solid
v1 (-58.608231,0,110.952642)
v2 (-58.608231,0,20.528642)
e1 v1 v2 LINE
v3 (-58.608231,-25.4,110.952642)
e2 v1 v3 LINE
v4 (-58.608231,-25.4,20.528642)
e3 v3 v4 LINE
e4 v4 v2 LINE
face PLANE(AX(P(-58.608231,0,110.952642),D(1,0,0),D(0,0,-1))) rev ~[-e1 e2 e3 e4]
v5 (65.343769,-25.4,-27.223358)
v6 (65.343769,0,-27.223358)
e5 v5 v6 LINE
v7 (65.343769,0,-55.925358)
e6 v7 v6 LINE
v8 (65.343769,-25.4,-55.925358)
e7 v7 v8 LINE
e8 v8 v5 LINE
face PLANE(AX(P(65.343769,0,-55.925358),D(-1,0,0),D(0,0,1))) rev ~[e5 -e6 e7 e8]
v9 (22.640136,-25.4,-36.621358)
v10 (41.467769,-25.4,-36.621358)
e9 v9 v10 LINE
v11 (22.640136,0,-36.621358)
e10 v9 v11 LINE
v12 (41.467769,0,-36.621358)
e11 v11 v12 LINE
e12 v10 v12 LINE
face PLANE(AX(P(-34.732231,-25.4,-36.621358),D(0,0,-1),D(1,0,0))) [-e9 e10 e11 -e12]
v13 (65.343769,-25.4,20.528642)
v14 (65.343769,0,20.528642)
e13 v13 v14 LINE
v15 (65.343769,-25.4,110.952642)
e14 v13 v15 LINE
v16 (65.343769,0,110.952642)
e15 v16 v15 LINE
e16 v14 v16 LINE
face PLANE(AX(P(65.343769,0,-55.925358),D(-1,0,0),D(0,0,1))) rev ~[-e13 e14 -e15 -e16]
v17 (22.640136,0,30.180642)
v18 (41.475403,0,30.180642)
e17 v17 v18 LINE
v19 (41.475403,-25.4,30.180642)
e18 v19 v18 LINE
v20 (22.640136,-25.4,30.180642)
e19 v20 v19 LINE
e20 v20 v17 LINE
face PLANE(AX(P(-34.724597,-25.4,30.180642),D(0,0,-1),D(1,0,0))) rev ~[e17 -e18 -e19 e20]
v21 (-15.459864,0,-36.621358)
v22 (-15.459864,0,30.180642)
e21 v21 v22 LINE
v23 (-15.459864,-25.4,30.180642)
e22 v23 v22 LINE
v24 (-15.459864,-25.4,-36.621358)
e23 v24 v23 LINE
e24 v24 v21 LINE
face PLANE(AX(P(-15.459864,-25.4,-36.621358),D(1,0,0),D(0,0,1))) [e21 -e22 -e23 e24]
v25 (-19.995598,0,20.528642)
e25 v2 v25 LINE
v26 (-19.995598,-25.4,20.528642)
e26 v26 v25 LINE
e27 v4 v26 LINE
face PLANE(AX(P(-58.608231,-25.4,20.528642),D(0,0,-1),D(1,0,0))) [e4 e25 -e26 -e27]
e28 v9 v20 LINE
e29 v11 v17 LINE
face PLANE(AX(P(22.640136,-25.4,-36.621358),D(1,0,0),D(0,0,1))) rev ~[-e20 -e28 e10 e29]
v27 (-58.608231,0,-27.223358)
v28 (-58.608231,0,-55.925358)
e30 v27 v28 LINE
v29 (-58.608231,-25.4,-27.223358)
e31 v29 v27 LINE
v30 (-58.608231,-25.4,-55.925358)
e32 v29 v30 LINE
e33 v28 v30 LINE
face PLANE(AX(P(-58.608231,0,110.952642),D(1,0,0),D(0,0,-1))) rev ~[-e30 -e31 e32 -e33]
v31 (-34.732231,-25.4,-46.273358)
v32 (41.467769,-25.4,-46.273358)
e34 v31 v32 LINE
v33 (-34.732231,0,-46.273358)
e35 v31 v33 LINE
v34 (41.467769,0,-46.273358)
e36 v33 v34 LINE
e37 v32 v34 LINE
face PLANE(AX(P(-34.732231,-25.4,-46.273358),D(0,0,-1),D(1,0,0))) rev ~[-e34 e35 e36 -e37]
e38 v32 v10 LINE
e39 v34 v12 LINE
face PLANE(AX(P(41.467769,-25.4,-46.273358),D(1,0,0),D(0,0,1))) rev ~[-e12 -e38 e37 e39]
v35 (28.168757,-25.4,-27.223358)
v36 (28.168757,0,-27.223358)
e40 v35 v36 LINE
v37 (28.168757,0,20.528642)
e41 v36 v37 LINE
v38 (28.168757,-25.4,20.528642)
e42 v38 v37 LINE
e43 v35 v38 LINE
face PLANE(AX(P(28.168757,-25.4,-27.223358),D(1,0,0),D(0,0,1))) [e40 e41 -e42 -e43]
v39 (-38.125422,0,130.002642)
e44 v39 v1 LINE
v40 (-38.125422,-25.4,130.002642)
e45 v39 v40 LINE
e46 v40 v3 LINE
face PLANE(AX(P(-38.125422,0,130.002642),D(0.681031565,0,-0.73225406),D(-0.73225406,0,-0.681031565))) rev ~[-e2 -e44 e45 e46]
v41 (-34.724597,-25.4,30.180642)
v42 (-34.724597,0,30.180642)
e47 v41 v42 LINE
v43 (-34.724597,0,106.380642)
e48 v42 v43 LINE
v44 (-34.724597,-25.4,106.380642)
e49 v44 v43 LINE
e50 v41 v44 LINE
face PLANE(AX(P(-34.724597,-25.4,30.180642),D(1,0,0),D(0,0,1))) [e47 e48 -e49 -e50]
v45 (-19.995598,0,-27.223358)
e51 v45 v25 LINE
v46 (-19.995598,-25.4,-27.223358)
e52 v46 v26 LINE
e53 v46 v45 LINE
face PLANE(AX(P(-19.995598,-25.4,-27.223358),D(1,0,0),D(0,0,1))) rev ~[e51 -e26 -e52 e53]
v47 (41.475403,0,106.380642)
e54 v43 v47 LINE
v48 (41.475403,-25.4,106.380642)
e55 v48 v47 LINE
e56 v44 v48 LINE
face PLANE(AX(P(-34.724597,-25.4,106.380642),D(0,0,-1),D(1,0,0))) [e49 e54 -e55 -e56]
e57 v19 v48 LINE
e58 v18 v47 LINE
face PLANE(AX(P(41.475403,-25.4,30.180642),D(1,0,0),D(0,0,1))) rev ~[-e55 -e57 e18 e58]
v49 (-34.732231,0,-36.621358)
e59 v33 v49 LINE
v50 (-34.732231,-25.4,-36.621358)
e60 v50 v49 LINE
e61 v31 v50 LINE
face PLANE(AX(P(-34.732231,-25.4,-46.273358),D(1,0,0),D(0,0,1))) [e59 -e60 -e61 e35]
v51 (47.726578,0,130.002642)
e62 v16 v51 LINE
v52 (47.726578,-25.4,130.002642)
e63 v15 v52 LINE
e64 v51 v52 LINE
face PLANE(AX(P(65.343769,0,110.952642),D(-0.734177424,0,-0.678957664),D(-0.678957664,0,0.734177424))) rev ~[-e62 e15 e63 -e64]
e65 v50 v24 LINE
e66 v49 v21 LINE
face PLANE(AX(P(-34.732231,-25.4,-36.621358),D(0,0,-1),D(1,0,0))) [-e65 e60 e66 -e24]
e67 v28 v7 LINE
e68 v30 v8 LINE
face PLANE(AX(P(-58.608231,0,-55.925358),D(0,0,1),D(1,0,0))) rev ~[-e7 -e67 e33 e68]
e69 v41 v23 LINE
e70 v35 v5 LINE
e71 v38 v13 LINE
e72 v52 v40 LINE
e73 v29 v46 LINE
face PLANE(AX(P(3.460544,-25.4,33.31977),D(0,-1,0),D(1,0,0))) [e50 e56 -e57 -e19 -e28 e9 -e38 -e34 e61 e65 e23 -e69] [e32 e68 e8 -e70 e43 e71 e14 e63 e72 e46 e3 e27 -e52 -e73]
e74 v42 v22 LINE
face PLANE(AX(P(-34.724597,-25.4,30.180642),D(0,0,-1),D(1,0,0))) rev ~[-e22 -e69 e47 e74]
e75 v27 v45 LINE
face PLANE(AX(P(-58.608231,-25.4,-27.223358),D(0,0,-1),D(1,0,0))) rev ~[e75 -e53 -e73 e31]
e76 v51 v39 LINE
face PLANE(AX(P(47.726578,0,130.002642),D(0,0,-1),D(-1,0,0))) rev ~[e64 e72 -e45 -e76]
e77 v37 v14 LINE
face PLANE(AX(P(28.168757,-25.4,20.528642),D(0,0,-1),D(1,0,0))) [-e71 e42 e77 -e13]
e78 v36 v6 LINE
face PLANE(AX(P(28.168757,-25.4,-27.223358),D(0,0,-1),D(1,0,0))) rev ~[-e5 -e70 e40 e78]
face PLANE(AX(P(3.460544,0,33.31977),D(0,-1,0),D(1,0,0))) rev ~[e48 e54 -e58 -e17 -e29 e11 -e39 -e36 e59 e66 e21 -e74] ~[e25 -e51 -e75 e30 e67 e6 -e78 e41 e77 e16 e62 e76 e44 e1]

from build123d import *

# Parameters (mm, degrees)
F1_DEPTH = 25.4
F2_W     = 76.2
F2_H     = 9.652
F3_DEPTH = 25.4
F5_W     = 38.1
F5_H     = 66.802
F6_DEPTH = 25.4
F4_W     = 38.612633237
F4_H     = 47.752
F4_W_2   = 37.1750120858
F7_DEPTH = 25.4
F8_W     = 76.2
F8_H     = 76.2
F9_DEPTH = 25.4


with BuildPart() as f1:
    # F0 (on Front) → F1 (new body)
    with BuildSketch(Plane.XZ):
        Polygon((-58.6082313994, 110.9526419132), (-58.6082313994, -55.9253580868), (65.3437686006, -55.9253580868), (65.3437686006, 110.9526419132), (47.7265781481, 130.0026419132), (-38.1254218519, 130.0026419132), align=None)
    extrude(amount=F1_DEPTH)

    # F2 (on face) → F3 (cut)
    with BuildSketch(Plane.XZ.offset(25.4)):
        with Locations((3.3677686006, -41.4473580868)):
            Rectangle(F2_W, F2_H)
    extrude(amount=-F3_DEPTH, mode=Mode.SUBTRACT)

    # F5 (on face) → F6 (cut)
    with BuildSketch(Plane.XZ.offset(25.4)):
        with Locations((3.5901358351, -3.2203580868)):
            Rectangle(F5_W, F5_H)
    extrude(amount=-F6_DEPTH, mode=Mode.SUBTRACT)

    # F4 (on face) → F7 (cut)
    with BuildSketch(Plane.XZ.offset(25.4)):
        with Locations((-39.3019147809, -3.3473580868)):
            Rectangle(F4_W, F4_H)
        with Locations((46.7562625577, -3.3473580868)):
            Rectangle(F4_W_2, F4_H)
    extrude(amount=-F7_DEPTH, mode=Mode.SUBTRACT)

    # F8 (on face) → F9 (cut)
    with BuildSketch(Plane.XZ.offset(25.4)):
        with Locations((3.3754030544, 68.2806419132)):
            Rectangle(F8_W, F8_H)
    extrude(amount=-F9_DEPTH, mode=Mode.SUBTRACT)


solid = f1.part
